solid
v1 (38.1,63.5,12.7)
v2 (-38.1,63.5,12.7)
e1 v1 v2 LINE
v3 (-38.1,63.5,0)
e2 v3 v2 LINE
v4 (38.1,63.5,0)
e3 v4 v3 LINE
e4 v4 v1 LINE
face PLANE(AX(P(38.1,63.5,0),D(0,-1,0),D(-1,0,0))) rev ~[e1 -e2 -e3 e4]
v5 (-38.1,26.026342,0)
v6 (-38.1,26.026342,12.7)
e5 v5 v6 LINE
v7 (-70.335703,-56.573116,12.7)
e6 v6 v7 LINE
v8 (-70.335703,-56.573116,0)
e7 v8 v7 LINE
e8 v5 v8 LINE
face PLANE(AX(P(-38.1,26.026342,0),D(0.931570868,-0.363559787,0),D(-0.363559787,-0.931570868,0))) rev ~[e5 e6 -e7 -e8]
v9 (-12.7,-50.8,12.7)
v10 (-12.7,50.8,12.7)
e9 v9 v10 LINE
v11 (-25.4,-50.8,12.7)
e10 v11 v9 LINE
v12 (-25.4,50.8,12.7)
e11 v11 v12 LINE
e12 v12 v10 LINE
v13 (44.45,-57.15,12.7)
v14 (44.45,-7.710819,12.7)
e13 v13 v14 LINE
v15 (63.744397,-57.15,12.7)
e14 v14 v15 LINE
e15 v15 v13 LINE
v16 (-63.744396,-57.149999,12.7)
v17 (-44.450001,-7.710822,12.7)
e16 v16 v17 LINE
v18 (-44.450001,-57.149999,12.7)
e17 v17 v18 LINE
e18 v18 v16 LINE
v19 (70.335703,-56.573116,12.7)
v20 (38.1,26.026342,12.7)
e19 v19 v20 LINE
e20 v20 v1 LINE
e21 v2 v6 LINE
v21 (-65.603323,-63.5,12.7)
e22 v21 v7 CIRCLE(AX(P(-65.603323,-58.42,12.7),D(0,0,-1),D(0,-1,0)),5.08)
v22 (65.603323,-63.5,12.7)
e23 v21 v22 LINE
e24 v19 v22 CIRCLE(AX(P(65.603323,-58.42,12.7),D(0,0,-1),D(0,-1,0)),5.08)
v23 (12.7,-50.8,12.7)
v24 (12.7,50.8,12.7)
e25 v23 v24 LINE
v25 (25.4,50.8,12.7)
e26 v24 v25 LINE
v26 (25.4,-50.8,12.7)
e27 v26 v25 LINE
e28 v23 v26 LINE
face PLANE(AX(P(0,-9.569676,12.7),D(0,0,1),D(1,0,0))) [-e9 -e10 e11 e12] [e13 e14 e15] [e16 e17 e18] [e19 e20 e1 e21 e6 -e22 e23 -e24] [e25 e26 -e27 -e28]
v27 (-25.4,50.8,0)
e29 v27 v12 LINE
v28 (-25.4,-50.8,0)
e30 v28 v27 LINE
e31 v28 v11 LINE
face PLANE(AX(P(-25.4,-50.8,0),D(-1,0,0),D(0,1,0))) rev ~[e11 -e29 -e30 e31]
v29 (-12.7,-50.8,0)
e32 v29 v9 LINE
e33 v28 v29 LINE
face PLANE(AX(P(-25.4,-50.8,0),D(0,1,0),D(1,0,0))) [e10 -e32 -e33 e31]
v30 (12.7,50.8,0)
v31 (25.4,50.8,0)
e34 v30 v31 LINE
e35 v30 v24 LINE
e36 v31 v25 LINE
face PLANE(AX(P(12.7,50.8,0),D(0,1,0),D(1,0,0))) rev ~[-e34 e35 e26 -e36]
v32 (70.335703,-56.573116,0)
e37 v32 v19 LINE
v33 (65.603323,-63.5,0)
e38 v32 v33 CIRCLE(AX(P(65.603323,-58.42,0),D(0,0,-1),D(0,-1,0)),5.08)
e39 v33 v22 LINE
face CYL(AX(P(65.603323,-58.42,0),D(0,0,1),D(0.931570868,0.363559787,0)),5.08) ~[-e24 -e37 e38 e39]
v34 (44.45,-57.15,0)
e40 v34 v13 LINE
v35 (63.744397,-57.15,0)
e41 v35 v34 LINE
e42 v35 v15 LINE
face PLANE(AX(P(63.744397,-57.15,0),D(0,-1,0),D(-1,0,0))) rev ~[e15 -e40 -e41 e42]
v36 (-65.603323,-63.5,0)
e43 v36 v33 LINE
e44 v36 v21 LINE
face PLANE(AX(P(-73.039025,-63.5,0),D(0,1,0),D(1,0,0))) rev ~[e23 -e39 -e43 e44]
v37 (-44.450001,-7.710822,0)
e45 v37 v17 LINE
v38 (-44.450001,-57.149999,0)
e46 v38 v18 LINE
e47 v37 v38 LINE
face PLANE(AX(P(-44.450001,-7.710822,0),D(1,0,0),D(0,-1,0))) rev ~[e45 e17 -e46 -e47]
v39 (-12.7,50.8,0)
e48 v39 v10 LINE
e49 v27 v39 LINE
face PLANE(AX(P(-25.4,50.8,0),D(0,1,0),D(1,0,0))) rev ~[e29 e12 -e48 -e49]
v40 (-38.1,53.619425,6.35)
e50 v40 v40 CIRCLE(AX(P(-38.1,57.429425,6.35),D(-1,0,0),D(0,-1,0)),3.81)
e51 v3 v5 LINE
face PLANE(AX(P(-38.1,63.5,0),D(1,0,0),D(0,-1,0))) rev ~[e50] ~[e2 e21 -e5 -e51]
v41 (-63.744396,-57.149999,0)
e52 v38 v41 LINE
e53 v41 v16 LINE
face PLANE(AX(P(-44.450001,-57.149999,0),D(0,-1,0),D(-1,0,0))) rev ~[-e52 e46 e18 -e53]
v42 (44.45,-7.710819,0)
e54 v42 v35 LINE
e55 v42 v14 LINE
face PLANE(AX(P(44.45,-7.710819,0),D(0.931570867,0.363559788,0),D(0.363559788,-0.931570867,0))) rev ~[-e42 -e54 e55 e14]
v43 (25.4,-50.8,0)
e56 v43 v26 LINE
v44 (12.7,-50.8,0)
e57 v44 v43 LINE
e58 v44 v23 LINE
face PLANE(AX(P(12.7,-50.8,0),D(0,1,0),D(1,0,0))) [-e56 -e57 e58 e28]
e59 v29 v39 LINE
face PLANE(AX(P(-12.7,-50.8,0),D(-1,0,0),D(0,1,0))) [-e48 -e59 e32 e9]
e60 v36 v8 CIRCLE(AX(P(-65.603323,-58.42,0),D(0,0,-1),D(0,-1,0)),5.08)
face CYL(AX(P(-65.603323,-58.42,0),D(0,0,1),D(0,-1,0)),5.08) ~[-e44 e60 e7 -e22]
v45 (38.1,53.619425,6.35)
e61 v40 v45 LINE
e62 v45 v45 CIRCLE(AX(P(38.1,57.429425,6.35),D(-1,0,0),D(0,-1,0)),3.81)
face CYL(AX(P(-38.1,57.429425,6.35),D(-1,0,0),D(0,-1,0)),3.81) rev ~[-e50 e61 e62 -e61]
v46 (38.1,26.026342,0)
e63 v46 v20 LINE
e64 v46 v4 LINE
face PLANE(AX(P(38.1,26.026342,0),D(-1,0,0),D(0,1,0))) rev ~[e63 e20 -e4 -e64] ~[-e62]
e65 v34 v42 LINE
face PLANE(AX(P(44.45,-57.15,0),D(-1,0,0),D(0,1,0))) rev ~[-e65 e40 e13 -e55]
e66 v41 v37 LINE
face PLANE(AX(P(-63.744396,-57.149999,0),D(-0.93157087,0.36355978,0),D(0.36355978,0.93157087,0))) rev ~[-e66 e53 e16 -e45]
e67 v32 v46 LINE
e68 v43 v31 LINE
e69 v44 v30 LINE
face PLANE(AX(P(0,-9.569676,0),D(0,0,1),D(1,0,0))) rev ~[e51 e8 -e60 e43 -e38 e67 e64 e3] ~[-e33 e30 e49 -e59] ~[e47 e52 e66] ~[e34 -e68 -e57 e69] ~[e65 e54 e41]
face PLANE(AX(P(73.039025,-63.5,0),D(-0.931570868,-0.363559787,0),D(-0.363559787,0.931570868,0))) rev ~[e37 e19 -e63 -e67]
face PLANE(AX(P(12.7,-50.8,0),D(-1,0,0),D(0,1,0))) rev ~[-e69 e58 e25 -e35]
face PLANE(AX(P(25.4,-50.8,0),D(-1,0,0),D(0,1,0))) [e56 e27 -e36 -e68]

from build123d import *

# Parameters (mm, degrees)
F0_W     = 12.7
F0_H     = 101.6
F1_DEPTH = 12.7
F2_R     = 5.08
F3_R     = 3.81
F4_DEPTH = 76.2


with BuildPart() as f1:
    # F0 (on Top) → F1 (new body)
    with BuildSketch(Plane.XY):
        Polygon((-38.1, -63.5), (38.1, -63.5), (73.039025, -63.5), (38.1, 26.026342), (38.1, 63.5), (-38.1, 63.5), (-38.1, 26.026342), (-73.039025, -63.5), align=None)
        Polygon((-63.744396, -57.149999), (-44.450001, -7.710822), (-44.450001, -57.149999), align=None, mode=Mode.SUBTRACT)
        Polygon((44.45, -57.15), (44.45, -7.710819), (63.744397, -57.15), align=None, mode=Mode.SUBTRACT)
        with Locations((-19.05, 0)):
            Rectangle(F0_W, F0_H, mode=Mode.SUBTRACT)
        with Locations((19.05, 0)):
            Rectangle(F0_W, F0_H, mode=Mode.SUBTRACT)
    extrude(amount=F1_DEPTH)

    # F2
    f2_edges = [f1.edges().sort_by_distance(p)[0] for p in [
        (73.039025, -63.5, 6.35),
        (-73.039025, -63.5, 6.35),
    ]]
    fillet(f2_edges, radius=F2_R)

    # F3 (on face) → F4 (cut)
    with BuildSketch(Plane(origin=(-38.1, 0, 0), x_dir=(0, -1, 0), z_dir=(-1, 0, 0))):
        with Locations((-57.429425, 6.35)):
            Circle(F3_R)
    extrude(amount=-F4_DEPTH, mode=Mode.SUBTRACT)


solid = f1.part
